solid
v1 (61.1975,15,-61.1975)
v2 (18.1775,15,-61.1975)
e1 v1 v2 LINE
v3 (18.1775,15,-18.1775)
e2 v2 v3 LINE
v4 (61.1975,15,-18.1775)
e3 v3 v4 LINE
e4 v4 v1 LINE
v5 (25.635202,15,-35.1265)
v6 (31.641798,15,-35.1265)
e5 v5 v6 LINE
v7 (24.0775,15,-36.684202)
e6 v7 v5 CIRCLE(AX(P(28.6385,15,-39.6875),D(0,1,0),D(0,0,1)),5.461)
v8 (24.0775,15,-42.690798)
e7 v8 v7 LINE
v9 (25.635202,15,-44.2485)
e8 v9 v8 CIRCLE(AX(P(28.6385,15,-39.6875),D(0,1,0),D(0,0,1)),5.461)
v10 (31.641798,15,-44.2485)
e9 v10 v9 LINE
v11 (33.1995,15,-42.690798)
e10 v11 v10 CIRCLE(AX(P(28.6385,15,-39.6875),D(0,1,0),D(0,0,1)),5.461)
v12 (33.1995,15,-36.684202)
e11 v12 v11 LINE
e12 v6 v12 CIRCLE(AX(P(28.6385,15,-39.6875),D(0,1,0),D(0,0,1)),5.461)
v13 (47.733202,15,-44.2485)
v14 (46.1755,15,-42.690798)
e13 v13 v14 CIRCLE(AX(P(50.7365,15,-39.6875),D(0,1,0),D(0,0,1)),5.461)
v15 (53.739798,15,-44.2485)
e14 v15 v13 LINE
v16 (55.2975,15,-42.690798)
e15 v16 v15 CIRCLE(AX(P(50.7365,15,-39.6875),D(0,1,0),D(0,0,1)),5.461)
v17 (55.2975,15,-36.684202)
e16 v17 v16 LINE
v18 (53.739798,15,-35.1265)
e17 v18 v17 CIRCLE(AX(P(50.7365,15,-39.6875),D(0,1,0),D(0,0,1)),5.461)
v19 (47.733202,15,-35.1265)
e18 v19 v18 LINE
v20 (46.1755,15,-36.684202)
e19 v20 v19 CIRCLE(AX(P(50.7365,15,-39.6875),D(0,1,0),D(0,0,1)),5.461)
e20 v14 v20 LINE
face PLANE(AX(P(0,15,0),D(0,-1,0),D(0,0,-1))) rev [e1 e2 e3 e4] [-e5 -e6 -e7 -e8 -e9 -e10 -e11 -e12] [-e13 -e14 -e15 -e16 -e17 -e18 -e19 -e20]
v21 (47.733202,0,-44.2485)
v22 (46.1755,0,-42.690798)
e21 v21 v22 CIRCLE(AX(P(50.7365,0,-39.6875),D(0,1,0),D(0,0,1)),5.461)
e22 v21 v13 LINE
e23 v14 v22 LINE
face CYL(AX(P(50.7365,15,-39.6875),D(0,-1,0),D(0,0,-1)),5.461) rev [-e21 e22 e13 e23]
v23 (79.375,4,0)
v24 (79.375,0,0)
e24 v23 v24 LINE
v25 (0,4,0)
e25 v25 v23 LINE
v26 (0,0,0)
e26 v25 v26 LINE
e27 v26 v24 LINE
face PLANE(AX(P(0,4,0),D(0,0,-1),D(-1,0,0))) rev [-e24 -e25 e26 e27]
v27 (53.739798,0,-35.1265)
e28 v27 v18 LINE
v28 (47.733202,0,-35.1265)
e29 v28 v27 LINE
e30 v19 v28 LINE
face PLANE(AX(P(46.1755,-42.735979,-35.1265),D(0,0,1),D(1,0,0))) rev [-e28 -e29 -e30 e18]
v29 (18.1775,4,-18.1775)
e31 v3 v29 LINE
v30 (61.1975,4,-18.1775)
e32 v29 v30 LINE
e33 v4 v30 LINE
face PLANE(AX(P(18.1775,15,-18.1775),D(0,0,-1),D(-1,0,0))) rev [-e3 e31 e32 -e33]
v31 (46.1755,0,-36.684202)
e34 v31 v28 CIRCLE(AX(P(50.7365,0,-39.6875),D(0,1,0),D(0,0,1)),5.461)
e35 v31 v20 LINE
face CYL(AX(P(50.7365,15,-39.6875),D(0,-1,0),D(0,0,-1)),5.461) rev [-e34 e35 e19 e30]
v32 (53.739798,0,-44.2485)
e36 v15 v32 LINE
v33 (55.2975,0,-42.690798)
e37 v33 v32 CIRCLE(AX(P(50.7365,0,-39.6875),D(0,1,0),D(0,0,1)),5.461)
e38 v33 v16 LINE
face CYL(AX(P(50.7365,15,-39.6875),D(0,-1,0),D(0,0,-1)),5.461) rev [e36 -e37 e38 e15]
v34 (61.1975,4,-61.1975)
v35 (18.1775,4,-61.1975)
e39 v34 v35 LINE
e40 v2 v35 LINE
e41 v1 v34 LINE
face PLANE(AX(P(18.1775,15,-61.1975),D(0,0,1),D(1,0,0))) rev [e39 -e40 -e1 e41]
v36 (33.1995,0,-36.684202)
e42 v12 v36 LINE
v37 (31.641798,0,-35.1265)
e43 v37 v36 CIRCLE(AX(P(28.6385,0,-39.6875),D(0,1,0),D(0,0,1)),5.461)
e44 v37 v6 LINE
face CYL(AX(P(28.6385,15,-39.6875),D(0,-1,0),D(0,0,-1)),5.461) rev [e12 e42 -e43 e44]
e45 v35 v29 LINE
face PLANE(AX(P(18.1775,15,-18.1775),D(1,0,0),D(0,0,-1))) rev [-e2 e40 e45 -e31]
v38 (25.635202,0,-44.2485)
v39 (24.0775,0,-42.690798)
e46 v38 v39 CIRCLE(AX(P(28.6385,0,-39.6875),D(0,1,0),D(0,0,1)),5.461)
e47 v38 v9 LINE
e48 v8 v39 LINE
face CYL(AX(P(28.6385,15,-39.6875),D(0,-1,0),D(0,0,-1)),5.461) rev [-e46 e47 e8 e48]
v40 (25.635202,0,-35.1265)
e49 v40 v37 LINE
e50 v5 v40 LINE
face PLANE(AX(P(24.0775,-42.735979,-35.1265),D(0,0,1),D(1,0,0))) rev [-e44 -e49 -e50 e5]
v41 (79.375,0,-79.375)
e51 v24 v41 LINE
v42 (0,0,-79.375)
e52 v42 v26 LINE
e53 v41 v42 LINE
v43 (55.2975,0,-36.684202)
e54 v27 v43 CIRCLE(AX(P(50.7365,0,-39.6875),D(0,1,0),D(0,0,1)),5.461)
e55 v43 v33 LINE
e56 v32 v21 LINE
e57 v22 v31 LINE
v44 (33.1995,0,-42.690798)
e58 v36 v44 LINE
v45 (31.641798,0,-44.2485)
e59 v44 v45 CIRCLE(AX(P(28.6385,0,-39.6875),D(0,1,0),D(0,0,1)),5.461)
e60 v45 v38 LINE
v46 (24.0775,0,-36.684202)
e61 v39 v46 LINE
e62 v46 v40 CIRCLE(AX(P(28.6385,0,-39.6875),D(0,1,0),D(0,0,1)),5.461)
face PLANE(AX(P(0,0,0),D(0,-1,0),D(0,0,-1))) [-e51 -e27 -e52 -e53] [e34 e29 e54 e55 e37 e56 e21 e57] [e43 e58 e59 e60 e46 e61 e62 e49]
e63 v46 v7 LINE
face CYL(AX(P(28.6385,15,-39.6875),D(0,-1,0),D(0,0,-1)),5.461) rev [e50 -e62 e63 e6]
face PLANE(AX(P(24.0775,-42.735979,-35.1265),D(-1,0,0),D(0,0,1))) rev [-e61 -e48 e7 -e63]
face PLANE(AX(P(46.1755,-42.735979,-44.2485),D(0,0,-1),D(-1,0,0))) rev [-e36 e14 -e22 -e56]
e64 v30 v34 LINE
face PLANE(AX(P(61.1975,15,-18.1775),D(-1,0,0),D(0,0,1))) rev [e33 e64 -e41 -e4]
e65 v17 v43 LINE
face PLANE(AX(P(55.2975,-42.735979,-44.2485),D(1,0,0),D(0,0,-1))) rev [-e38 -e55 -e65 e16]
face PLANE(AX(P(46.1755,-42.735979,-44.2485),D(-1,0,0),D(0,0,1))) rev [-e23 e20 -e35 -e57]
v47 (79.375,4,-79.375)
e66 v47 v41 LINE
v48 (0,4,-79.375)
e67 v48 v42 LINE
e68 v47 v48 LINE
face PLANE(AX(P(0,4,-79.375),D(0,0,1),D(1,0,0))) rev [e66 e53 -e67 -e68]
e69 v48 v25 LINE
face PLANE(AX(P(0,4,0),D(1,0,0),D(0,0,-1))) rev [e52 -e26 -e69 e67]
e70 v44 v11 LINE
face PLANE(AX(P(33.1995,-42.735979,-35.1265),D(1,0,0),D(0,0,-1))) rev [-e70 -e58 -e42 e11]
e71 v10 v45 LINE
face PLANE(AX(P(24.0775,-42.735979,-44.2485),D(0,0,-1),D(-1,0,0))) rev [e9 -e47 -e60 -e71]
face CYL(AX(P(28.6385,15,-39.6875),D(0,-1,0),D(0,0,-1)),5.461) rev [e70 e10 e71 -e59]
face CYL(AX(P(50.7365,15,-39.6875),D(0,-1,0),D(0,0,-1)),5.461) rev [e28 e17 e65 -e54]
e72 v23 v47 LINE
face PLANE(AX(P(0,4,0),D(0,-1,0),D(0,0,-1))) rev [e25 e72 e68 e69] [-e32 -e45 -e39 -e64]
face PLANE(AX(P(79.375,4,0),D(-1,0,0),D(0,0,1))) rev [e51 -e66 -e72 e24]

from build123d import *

# Parameters (mm, degrees)
SKETCH1_W               = 79.375
SKETCH1_H               = 79.375
BOSS_EXTRUDE1_DEPTH     = 4
SKETCH2_W               = 43.02
SKETCH2_H               = 43.02
SKETCH2_R               = 5.461
BOSS_EXTRUDE2_DEPTH     = 11
SKETCH3_R               = 5.461
CUT_EXTRUDE1_DEPTH      = 1
CUT_EXTRUDE1_DEPTH_BACK = 16
SKETCH4_W               = 38.805624494
SKETCH4_H               = 17.902161279
SKETCH4_W_2             = 9.122
SKETCH4_H_2             = 9.122
BOSS_EXTRUDE3_DEPTH     = 15


with BuildPart() as part:
    # Sketch1 → Boss-Extrude1 (new body)
    with BuildSketch(Plane(origin=(0, 0, 0), x_dir=(1, 0, 0), z_dir=(0, 1, 0))):
        with Locations((39.6875, 39.6875)):
            Rectangle(SKETCH1_W, SKETCH1_H)
    extrude(amount=BOSS_EXTRUDE1_DEPTH)

    # Sketch2 → Boss-Extrude2 (add)
    with BuildSketch(Plane(origin=(0, 4, 0), x_dir=(1, 0, 0), z_dir=(0, 1, 0))):
        with Locations((39.6875, 39.6875)):
            Rectangle(SKETCH2_W, SKETCH2_H)
        with Locations((28.6385, 39.6875)):
            Circle(SKETCH2_R, mode=Mode.SUBTRACT)
        with Locations((50.7365, 39.6875)):
            Circle(SKETCH2_R, mode=Mode.SUBTRACT)
    extrude(amount=BOSS_EXTRUDE2_DEPTH)

    # Sketch3 → Cut-Extrude1 (cut, two sides)
    with BuildSketch(Plane(origin=(0, 15, 0), x_dir=(1, 0, 0), z_dir=(0, 1, 0))) as cut_extrude1_sk:
        with Locations((28.6385, 39.6875)):
            Circle(SKETCH3_R)
        with Locations((50.7365, 39.6875)):
            Circle(SKETCH3_R)
    extrude(amount=CUT_EXTRUDE1_DEPTH, mode=Mode.SUBTRACT)
    extrude(cut_extrude1_sk.sketch, amount=-CUT_EXTRUDE1_DEPTH_BACK, mode=Mode.SUBTRACT)

    # Sketch4 → Boss-Extrude3 (add)
    with BuildSketch(Plane(origin=(0, 15, 0), x_dir=(1, 0, 0), z_dir=(0, 1, 0))):
        with Locations((39.727968959, 38.830978853)):
            Rectangle(SKETCH4_W, SKETCH4_H)
        with Locations((28.6385, 39.6875)):
            Rectangle(SKETCH4_W_2, SKETCH4_H_2, mode=Mode.SUBTRACT)
        with Locations((50.7365, 39.6875)):
            Rectangle(SKETCH4_W_2, SKETCH4_H_2, mode=Mode.SUBTRACT)
    extrude(amount=-BOSS_EXTRUDE3_DEPTH)


solid = part.part
